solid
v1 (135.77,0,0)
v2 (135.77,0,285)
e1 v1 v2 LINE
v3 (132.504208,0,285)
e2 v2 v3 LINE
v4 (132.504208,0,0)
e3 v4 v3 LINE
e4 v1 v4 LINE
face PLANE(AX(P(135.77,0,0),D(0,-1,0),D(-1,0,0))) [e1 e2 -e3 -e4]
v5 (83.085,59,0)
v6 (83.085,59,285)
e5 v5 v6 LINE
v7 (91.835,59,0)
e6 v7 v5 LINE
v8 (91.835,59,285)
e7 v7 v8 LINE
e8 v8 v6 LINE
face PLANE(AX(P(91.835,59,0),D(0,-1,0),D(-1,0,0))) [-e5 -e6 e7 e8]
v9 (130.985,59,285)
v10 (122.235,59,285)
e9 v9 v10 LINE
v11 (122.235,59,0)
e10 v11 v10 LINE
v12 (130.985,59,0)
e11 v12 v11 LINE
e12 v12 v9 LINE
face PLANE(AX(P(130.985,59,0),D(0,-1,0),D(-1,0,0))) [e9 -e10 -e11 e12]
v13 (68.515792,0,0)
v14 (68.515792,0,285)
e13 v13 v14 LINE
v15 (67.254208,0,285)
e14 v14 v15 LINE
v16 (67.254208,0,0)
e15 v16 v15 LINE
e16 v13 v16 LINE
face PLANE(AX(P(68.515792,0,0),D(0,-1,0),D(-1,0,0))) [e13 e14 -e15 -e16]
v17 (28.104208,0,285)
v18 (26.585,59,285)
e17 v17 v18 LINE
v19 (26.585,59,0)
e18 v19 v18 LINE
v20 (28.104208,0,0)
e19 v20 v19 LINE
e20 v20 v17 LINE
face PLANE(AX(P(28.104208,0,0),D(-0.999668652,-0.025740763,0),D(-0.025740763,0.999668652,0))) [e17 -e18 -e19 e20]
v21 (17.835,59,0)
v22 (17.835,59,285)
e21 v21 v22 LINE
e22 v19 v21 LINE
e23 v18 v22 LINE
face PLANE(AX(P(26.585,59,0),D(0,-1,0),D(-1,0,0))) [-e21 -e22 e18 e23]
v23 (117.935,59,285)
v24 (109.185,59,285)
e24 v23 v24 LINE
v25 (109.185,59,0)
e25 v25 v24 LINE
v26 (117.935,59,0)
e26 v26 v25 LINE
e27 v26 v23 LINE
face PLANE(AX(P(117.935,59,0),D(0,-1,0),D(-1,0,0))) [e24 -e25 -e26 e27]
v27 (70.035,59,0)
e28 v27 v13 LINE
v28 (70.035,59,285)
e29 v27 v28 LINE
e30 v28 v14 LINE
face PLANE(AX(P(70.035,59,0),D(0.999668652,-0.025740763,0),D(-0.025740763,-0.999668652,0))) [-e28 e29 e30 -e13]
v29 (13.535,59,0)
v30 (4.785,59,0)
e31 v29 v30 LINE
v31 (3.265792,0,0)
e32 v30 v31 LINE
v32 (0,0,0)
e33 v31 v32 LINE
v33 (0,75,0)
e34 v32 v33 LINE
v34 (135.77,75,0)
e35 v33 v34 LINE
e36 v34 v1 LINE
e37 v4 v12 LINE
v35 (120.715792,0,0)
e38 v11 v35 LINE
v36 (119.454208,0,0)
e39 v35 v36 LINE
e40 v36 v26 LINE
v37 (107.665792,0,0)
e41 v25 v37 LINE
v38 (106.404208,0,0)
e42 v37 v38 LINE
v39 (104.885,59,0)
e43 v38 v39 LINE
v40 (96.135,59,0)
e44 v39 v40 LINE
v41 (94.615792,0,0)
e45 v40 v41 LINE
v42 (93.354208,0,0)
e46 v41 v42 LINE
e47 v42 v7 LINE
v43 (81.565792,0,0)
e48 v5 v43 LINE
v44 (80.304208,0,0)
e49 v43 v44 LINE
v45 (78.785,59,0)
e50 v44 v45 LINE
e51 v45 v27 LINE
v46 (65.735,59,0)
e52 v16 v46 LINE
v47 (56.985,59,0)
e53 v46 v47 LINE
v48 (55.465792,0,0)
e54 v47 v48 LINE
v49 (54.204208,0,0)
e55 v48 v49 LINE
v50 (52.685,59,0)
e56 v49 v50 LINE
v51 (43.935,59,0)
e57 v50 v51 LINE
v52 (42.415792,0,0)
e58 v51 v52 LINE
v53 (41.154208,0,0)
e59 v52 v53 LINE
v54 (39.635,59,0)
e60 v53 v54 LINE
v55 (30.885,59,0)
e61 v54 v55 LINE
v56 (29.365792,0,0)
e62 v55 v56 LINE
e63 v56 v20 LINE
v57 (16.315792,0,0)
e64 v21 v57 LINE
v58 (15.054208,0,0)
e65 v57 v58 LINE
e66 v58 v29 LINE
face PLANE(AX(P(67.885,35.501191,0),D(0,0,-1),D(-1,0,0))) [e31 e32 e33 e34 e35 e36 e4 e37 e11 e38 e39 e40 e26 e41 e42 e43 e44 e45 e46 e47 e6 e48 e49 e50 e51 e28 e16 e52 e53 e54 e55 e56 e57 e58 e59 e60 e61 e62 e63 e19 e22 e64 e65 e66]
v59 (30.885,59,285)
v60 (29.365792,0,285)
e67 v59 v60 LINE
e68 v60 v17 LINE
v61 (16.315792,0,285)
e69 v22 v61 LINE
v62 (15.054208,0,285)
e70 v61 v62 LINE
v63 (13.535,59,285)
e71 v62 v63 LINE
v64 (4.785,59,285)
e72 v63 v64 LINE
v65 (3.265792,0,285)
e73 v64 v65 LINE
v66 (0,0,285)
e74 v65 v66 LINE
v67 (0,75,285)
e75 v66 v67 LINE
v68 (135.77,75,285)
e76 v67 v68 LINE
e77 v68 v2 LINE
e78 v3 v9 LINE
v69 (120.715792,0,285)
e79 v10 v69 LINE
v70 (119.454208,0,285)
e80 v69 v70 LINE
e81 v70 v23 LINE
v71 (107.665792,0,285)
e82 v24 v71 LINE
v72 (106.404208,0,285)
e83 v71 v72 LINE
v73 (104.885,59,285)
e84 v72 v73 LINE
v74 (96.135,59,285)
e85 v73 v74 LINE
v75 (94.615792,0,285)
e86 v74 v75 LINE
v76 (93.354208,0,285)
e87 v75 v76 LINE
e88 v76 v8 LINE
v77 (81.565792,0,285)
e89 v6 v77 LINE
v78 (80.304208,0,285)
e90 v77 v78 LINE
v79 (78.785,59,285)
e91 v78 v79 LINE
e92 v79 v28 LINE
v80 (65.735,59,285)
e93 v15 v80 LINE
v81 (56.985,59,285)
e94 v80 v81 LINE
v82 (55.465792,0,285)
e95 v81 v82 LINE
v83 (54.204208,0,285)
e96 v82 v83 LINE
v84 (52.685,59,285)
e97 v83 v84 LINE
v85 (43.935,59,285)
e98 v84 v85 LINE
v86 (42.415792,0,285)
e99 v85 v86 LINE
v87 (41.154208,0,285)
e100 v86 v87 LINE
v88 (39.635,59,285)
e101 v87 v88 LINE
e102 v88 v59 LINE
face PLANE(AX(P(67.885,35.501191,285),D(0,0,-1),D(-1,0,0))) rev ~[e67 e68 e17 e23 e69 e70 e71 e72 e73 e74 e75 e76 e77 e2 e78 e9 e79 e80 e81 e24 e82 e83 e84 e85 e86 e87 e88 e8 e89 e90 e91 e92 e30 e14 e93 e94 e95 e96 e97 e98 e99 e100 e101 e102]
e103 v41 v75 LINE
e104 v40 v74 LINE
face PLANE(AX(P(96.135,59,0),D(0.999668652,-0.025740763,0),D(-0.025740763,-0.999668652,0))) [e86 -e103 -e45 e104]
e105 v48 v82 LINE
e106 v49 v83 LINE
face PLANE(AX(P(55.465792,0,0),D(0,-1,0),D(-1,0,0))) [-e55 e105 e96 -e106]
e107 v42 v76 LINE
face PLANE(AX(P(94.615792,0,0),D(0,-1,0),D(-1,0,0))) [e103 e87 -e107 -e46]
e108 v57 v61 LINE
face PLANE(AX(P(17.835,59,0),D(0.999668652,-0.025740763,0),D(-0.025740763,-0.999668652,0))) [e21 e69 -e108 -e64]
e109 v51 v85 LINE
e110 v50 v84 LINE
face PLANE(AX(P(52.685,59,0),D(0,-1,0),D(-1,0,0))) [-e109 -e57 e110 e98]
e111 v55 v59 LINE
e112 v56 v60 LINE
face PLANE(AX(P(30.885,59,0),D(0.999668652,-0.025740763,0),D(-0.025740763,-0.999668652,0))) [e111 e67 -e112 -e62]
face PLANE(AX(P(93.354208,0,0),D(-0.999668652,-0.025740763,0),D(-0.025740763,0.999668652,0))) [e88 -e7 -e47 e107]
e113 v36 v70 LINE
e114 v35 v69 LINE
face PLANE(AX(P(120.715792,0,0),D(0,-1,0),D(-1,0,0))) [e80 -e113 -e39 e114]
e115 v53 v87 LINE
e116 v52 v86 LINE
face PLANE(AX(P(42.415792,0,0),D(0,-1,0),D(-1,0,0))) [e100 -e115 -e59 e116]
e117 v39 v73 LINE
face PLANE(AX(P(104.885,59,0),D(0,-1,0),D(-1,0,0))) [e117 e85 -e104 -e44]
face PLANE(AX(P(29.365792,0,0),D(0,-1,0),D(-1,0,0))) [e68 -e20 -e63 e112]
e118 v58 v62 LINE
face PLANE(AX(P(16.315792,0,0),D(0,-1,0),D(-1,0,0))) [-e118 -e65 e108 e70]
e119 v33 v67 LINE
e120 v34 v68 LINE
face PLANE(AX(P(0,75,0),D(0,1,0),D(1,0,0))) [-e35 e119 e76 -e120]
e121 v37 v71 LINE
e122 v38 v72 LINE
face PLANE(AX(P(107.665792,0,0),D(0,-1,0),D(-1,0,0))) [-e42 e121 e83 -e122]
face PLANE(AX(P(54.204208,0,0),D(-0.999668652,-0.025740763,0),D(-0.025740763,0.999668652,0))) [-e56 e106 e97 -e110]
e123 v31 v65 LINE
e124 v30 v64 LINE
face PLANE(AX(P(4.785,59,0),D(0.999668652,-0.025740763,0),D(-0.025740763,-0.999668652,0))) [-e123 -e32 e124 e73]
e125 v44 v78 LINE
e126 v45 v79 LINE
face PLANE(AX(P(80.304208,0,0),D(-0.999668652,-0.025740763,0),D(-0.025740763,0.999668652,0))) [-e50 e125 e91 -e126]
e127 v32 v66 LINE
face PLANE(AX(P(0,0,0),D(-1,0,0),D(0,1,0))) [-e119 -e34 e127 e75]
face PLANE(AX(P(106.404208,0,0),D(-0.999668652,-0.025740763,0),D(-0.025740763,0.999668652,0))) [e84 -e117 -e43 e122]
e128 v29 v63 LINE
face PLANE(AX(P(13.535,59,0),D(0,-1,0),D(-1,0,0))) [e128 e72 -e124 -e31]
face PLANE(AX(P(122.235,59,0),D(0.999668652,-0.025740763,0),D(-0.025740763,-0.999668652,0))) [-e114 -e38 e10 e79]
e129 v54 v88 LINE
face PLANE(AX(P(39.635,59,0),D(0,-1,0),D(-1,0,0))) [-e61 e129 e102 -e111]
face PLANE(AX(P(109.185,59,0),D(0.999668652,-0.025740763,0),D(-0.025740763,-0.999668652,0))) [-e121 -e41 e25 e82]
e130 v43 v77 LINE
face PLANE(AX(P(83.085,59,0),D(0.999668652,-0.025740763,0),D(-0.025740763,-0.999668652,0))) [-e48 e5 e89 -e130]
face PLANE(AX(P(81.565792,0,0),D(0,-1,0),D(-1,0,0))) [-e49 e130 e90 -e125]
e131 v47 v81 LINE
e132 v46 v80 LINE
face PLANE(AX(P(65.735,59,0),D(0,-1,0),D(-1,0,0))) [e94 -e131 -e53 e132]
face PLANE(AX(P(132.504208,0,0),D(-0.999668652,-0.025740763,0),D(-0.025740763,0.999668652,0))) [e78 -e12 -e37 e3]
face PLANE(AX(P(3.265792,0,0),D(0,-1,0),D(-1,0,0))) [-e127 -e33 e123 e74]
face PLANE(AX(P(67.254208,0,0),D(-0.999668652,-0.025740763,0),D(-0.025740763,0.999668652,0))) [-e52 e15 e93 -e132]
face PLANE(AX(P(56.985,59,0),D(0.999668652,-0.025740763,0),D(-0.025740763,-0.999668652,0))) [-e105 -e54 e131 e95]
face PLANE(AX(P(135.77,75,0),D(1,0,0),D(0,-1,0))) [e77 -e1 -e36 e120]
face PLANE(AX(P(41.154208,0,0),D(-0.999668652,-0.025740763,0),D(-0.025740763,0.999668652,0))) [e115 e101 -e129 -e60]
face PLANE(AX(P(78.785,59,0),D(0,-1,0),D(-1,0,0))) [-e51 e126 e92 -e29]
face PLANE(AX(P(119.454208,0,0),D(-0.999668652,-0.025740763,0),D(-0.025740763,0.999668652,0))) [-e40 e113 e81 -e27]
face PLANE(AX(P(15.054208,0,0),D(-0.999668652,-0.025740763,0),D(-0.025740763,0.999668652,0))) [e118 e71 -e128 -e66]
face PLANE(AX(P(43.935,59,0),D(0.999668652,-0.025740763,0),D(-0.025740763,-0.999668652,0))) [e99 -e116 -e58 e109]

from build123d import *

# Parameters (mm, degrees)
RESSALTO_EXTRUS_O1_DEPTH = 285


with BuildPart() as part:
    # Esboço1 → Ressalto-extrusão1 (new body)
    with BuildSketch(Plane.XY):
        Polygon((0, 75), (135.77, 75), (135.77, 0), (132.504208406, 0), (130.985, 59), (122.235, 59), (120.715791594, 0), (119.454208406, 0), (117.935, 59), (109.185, 59), (107.665791594, 0), (106.404208406, 0), (104.885, 59), (96.135, 59), (94.615791594, 0), (93.354208406, 0), (91.835, 59), (83.085, 59), (81.565791594, 0), (80.304208406, 0), (78.785, 59), (70.035, 59), (68.515791594, 0), (67.254208406, 0), (65.735, 59), (56.985, 59), (55.465791594, 0), (54.204208406, 0), (52.685, 59), (43.935, 59), (42.415791594, 0), (41.154208406, 0), (39.635, 59), (30.885, 59), (29.365791594, 0), (28.104208406, 0), (26.585, 59), (17.835, 59), (16.315791594, 0), (15.054208406, 0), (13.535, 59), (4.785, 59), (3.265791594, 0), (0, 0), align=None)
    extrude(amount=RESSALTO_EXTRUS_O1_DEPTH)


solid = part.part
